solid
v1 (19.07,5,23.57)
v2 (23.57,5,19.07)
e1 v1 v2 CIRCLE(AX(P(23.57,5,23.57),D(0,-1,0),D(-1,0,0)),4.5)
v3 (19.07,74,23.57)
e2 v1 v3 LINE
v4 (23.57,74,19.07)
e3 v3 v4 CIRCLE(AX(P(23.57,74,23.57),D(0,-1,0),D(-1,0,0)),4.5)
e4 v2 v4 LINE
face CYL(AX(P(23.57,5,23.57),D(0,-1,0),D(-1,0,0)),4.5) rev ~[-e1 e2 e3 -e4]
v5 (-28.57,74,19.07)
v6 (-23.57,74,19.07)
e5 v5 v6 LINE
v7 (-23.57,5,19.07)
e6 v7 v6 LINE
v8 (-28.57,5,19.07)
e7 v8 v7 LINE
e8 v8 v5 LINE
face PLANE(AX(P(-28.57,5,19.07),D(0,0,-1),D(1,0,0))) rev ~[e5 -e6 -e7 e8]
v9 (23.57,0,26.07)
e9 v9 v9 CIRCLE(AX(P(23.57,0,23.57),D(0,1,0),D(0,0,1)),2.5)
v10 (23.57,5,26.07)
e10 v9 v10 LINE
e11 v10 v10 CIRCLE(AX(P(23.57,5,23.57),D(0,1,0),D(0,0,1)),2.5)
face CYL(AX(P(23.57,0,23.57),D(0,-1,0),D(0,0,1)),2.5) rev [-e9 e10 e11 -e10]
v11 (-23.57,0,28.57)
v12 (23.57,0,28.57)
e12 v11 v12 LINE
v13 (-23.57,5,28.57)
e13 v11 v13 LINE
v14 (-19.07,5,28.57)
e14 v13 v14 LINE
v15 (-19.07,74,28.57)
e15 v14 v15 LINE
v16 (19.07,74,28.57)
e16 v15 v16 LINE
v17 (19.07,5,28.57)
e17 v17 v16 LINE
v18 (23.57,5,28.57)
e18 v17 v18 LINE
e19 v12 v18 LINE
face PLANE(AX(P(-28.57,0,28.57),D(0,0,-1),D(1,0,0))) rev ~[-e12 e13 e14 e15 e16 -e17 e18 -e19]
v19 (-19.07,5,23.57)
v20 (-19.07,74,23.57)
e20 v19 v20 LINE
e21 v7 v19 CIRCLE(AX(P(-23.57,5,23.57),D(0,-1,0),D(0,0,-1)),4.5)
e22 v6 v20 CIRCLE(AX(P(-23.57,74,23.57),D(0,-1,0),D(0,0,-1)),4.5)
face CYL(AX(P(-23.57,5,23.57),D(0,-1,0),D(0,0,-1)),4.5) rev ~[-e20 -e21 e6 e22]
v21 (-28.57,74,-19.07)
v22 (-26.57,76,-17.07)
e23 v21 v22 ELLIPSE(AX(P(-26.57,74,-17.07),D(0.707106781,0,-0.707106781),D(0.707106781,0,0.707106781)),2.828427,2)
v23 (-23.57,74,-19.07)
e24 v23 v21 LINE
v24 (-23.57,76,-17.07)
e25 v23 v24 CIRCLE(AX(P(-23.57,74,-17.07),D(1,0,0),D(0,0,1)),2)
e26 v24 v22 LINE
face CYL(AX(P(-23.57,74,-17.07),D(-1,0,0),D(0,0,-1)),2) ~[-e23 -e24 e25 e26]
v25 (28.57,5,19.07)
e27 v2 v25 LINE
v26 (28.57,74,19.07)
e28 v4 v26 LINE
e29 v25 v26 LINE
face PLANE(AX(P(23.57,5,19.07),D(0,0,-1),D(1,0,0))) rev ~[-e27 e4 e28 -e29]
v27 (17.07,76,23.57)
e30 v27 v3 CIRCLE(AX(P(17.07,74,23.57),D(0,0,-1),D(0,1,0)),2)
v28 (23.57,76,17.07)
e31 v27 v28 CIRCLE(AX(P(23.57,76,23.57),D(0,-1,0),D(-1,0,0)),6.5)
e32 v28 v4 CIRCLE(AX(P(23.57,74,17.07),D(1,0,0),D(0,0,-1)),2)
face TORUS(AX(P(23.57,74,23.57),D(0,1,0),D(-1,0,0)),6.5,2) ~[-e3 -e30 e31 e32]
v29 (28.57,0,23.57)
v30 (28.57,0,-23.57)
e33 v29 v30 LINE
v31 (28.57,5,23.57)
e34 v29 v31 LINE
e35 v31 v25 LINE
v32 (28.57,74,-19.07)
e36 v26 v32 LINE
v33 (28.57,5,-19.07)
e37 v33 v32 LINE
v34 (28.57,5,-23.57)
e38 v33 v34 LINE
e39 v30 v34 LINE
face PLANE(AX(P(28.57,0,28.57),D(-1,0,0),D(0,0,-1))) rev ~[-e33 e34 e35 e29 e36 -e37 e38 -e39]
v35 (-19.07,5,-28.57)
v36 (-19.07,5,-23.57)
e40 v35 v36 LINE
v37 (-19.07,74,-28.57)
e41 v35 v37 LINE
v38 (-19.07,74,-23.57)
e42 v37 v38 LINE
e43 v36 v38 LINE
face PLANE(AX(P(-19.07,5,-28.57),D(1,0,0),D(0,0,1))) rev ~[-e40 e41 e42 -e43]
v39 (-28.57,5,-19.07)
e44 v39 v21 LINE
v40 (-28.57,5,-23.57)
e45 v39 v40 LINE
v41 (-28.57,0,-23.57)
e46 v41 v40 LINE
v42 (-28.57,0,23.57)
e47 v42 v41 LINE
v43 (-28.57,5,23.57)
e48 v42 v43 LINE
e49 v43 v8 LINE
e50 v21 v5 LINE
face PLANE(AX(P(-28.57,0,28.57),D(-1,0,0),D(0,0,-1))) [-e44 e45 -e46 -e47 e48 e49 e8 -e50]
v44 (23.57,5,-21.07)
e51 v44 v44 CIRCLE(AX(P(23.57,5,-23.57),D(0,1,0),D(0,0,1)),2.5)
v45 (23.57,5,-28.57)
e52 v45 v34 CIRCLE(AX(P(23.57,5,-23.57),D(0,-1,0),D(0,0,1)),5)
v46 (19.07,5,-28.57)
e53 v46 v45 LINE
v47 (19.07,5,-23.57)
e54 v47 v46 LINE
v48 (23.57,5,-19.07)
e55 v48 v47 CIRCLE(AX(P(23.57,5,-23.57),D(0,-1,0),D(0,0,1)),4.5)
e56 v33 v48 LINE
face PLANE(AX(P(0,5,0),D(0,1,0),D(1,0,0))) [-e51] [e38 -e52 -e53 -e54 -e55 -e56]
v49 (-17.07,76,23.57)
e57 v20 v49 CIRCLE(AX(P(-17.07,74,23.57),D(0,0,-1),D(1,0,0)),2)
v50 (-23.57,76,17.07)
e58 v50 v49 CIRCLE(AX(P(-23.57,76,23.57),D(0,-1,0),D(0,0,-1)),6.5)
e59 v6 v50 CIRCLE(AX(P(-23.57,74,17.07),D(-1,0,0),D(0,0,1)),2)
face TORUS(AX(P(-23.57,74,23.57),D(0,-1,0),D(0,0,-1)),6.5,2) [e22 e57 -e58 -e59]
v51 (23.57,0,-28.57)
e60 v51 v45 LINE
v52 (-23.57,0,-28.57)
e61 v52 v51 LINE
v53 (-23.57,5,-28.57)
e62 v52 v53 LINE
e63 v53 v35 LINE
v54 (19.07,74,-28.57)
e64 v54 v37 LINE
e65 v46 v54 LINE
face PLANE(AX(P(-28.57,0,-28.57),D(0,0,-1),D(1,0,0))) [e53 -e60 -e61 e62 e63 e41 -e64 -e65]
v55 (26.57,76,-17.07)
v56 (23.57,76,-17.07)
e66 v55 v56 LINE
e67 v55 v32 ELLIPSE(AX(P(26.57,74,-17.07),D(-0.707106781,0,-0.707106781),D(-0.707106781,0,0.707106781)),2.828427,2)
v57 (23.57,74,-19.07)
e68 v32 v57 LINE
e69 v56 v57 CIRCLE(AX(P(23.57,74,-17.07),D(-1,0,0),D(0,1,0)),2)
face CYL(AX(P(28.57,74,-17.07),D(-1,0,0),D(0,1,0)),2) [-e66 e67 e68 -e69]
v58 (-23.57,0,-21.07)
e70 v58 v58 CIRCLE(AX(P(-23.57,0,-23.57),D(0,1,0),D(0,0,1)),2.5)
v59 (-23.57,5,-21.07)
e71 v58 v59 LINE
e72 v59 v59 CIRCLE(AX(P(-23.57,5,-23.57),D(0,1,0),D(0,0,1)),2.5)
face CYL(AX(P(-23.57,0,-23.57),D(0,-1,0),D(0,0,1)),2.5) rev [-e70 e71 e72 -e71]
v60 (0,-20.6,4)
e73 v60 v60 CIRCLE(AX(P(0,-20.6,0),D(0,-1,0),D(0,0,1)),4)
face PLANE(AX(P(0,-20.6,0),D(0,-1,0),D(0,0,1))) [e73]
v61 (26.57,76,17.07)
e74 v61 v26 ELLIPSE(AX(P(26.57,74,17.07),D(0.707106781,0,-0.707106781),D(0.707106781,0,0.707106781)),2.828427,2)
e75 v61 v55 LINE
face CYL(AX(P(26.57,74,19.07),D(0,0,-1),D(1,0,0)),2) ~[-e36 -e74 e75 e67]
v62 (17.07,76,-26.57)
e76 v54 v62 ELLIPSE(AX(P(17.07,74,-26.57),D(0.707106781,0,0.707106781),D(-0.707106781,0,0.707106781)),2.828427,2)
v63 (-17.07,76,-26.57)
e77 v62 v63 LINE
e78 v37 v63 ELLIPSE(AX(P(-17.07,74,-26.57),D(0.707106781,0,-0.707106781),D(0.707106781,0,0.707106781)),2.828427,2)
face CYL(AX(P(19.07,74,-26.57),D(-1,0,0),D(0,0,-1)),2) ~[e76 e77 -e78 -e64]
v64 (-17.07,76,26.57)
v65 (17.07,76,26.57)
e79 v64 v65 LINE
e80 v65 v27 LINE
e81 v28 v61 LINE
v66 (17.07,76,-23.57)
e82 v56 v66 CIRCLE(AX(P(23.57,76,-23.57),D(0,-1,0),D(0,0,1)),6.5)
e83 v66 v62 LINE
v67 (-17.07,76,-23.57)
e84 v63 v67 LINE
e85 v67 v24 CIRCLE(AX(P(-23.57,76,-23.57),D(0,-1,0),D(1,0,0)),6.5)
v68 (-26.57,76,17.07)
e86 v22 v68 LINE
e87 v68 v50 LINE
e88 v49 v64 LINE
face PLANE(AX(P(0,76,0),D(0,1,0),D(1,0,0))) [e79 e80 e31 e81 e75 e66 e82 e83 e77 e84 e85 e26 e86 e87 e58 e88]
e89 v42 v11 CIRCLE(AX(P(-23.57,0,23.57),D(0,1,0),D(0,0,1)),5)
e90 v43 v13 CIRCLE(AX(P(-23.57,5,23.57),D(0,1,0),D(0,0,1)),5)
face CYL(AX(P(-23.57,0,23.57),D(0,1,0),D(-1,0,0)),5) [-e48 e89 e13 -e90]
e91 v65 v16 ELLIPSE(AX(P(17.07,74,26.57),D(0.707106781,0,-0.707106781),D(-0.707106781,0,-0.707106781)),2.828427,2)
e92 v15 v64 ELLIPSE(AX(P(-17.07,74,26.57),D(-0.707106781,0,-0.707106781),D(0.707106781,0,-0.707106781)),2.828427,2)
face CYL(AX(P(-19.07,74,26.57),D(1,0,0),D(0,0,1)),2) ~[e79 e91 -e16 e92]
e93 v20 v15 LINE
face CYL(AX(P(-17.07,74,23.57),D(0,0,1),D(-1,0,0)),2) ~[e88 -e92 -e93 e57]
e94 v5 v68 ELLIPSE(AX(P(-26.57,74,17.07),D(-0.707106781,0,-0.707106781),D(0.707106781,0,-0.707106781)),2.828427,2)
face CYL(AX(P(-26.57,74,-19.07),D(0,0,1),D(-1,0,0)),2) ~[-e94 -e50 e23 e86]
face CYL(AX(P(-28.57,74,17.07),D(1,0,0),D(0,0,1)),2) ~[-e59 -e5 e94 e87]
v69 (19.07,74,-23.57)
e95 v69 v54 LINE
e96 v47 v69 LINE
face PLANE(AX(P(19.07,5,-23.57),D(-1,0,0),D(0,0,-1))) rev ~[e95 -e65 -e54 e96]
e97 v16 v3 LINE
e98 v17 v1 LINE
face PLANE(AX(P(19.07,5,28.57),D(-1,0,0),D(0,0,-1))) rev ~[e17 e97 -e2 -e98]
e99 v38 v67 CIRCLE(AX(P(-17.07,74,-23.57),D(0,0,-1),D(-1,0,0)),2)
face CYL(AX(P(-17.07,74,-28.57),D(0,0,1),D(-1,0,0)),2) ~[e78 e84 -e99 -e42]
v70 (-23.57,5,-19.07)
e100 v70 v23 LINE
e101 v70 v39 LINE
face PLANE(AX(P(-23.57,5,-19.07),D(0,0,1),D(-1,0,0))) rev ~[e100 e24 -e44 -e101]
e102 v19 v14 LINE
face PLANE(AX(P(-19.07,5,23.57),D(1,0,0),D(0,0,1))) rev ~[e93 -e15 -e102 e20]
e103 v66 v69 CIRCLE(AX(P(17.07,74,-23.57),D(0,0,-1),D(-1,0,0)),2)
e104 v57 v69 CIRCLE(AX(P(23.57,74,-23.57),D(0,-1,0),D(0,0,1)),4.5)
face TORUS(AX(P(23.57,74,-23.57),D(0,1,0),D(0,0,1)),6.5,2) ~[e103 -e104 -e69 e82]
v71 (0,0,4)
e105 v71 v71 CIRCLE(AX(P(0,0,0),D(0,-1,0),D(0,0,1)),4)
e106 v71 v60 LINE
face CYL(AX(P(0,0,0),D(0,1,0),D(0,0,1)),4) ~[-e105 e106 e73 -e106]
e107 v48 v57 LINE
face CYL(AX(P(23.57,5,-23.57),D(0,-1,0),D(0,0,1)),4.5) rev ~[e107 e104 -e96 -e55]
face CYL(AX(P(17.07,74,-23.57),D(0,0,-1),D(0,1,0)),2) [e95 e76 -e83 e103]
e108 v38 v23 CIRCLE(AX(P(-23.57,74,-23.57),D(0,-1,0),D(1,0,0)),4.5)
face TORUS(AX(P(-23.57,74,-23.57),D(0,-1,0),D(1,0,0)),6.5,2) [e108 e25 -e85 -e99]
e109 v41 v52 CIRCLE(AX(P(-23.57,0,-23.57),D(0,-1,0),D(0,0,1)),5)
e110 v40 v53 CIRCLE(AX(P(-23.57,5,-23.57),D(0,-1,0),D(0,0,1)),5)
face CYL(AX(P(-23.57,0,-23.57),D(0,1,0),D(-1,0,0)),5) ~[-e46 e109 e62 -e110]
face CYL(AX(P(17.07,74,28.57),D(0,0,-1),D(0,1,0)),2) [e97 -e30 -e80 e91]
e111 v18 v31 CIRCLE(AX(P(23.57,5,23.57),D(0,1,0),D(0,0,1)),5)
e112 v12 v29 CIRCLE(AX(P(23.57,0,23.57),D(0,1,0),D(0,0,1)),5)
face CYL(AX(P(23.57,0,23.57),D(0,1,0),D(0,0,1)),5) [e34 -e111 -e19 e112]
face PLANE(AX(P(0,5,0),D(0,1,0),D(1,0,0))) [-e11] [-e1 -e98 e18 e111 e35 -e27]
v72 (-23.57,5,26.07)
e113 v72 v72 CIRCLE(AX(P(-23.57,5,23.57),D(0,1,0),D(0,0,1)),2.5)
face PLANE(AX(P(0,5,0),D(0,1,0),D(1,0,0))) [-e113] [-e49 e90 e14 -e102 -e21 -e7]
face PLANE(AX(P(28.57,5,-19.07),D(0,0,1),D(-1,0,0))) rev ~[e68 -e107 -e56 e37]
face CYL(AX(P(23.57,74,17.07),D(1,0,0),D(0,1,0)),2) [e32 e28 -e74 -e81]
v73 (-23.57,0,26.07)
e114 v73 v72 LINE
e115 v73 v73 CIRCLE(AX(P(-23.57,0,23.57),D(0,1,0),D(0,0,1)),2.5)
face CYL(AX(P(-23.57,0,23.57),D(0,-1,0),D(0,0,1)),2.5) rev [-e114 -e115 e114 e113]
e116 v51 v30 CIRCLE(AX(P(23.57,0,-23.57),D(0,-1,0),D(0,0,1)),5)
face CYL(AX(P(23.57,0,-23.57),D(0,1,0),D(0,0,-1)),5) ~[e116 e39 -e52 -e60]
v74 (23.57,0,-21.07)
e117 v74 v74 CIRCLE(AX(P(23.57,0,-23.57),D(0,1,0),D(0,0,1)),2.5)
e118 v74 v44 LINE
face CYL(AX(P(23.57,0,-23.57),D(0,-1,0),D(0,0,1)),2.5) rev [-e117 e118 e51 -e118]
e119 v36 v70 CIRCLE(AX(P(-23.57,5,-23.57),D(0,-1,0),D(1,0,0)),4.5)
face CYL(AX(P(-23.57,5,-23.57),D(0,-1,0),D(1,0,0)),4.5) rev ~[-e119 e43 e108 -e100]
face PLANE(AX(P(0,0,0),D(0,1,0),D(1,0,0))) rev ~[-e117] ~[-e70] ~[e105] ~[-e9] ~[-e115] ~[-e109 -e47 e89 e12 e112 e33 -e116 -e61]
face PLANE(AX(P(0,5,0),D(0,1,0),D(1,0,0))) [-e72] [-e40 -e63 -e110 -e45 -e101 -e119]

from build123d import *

# Parameters (mm, degrees)
SZKIC1_W                    = 57.14
SZKIC1_H                    = 57.14
SZKIC1_R                    = 2.5
DODANIE_WYCI_GNI_CIE1_DEPTH = 5
DODANIE_WYCI_GNI_CIE2_DEPTH = 71
ZAOKR_GLENIE1_R             = 2
SZKIC3_R                    = 4
DODANIE_WYCI_GNI_CIE3_DEPTH = 20.6
ZAOKR_GLENIE2_R             = 5


with BuildPart() as part:
    # Szkic1 → Dodanie-wyciągnięcie1 (new body)
    with BuildSketch(Plane(origin=(0, 0, 0), x_dir=(1, 0, 0), z_dir=(0, 1, 0))):
        Rectangle(SZKIC1_W, SZKIC1_H)
        with Locations(Location((-23.57, 23.57, 0), (0, 0, 270))):
            Circle(SZKIC1_R, mode=Mode.SUBTRACT)
        with Locations(Location((23.57, 23.57, 0), (0, 0, 270))):
            Circle(SZKIC1_R, mode=Mode.SUBTRACT)
        with Locations(Location((23.57, -23.57, 0), (0, 0, 270))):
            Circle(SZKIC1_R, mode=Mode.SUBTRACT)
        with Locations(Location((-23.57, -23.57, 0), (0, 0, 270))):
            Circle(SZKIC1_R, mode=Mode.SUBTRACT)
    extrude(amount=DODANIE_WYCI_GNI_CIE1_DEPTH)

    # Szkic2 → Dodanie-wyciągnięcie2 (add)
    with BuildSketch(Plane(origin=(0, 5, 0), x_dir=(1, 0, 0), z_dir=(0, 1, 0))):
        with BuildLine():
            ThreePointArc((-19.07, 23.57), (-20.388019485, 20.388019485), (-23.57, 19.07))
            Line((-23.57, 19.07), (-28.57, 19.07))
            Line((-28.57, 19.07), (-28.57, -19.07))
            Line((-28.57, -19.07), (-23.57, -19.07))
            ThreePointArc((-23.57, -19.07), (-20.388019485, -20.388019485), (-19.07, -23.57))
            Line((-19.07, -23.57), (-19.07, -28.57))
            Line((-19.07, -28.57), (19.07, -28.57))
            Line((19.07, -28.57), (19.07, -23.57))
            ThreePointArc((19.07, -23.57), (20.388019485, -20.388019485), (23.57, -19.07))
            Line((23.57, -19.07), (28.57, -19.07))
            Line((28.57, -19.07), (28.57, 19.07))
            Line((28.57, 19.07), (23.57, 19.07))
            ThreePointArc((23.57, 19.07), (20.388019485, 20.388019485), (19.07, 23.57))
            Line((19.07, 23.57), (19.07, 28.57))
            Line((19.07, 28.57), (-19.07, 28.57))
            Line((-19.07, 28.57), (-19.07, 23.57))
        make_face()
    extrude(amount=DODANIE_WYCI_GNI_CIE2_DEPTH)

    # Zaokrąglenie1
    zaokr_glenie1_edges = [part.edges().sort_by_distance(p)[0] for p in [
        (19.07, 76, 26.07),
        (0, 76, 28.57),
        (-19.07, 76, 26.07),
        (-20.388019485, 76, 20.388019485),
        (-26.07, 76, 19.07),
        (-28.57, 76, 0),
        (-26.07, 76, -19.07),
        (-20.388019485, 76, -20.388019485),
        (-19.07, 76, -26.07),
        (0, 76, -28.57),
        (19.07, 76, -26.07),
        (20.388019485, 76, -20.388019485),
        (26.07, 76, -19.07),
        (28.57, 76, 0),
        (26.07, 76, 19.07),
        (20.388019485, 76, 20.388019485),
    ]]
    fillet(zaokr_glenie1_edges, radius=ZAOKR_GLENIE1_R)

    # Szkic3 → Dodanie-wyciągnięcie3 (add)
    with BuildSketch(Plane(origin=(0, 0, 0), x_dir=(-1, 0, 0), z_dir=(0, -1, 0))):
        with Locations(Location((0, 0, 0), (0, 0, 270))):
            Circle(SZKIC3_R)
    extrude(amount=DODANIE_WYCI_GNI_CIE3_DEPTH)

    # Zaokrąglenie2
    zaokr_glenie2_edges = [part.edges().sort_by_distance(p)[0] for p in [
        (-28.57, 2.5, -28.57),
        (28.57, 2.5, -28.57),
        (28.57, 2.5, 28.57),
        (-28.57, 2.5, 28.57),
    ]]
    fillet(zaokr_glenie2_edges, radius=ZAOKR_GLENIE2_R)


solid = part.part
